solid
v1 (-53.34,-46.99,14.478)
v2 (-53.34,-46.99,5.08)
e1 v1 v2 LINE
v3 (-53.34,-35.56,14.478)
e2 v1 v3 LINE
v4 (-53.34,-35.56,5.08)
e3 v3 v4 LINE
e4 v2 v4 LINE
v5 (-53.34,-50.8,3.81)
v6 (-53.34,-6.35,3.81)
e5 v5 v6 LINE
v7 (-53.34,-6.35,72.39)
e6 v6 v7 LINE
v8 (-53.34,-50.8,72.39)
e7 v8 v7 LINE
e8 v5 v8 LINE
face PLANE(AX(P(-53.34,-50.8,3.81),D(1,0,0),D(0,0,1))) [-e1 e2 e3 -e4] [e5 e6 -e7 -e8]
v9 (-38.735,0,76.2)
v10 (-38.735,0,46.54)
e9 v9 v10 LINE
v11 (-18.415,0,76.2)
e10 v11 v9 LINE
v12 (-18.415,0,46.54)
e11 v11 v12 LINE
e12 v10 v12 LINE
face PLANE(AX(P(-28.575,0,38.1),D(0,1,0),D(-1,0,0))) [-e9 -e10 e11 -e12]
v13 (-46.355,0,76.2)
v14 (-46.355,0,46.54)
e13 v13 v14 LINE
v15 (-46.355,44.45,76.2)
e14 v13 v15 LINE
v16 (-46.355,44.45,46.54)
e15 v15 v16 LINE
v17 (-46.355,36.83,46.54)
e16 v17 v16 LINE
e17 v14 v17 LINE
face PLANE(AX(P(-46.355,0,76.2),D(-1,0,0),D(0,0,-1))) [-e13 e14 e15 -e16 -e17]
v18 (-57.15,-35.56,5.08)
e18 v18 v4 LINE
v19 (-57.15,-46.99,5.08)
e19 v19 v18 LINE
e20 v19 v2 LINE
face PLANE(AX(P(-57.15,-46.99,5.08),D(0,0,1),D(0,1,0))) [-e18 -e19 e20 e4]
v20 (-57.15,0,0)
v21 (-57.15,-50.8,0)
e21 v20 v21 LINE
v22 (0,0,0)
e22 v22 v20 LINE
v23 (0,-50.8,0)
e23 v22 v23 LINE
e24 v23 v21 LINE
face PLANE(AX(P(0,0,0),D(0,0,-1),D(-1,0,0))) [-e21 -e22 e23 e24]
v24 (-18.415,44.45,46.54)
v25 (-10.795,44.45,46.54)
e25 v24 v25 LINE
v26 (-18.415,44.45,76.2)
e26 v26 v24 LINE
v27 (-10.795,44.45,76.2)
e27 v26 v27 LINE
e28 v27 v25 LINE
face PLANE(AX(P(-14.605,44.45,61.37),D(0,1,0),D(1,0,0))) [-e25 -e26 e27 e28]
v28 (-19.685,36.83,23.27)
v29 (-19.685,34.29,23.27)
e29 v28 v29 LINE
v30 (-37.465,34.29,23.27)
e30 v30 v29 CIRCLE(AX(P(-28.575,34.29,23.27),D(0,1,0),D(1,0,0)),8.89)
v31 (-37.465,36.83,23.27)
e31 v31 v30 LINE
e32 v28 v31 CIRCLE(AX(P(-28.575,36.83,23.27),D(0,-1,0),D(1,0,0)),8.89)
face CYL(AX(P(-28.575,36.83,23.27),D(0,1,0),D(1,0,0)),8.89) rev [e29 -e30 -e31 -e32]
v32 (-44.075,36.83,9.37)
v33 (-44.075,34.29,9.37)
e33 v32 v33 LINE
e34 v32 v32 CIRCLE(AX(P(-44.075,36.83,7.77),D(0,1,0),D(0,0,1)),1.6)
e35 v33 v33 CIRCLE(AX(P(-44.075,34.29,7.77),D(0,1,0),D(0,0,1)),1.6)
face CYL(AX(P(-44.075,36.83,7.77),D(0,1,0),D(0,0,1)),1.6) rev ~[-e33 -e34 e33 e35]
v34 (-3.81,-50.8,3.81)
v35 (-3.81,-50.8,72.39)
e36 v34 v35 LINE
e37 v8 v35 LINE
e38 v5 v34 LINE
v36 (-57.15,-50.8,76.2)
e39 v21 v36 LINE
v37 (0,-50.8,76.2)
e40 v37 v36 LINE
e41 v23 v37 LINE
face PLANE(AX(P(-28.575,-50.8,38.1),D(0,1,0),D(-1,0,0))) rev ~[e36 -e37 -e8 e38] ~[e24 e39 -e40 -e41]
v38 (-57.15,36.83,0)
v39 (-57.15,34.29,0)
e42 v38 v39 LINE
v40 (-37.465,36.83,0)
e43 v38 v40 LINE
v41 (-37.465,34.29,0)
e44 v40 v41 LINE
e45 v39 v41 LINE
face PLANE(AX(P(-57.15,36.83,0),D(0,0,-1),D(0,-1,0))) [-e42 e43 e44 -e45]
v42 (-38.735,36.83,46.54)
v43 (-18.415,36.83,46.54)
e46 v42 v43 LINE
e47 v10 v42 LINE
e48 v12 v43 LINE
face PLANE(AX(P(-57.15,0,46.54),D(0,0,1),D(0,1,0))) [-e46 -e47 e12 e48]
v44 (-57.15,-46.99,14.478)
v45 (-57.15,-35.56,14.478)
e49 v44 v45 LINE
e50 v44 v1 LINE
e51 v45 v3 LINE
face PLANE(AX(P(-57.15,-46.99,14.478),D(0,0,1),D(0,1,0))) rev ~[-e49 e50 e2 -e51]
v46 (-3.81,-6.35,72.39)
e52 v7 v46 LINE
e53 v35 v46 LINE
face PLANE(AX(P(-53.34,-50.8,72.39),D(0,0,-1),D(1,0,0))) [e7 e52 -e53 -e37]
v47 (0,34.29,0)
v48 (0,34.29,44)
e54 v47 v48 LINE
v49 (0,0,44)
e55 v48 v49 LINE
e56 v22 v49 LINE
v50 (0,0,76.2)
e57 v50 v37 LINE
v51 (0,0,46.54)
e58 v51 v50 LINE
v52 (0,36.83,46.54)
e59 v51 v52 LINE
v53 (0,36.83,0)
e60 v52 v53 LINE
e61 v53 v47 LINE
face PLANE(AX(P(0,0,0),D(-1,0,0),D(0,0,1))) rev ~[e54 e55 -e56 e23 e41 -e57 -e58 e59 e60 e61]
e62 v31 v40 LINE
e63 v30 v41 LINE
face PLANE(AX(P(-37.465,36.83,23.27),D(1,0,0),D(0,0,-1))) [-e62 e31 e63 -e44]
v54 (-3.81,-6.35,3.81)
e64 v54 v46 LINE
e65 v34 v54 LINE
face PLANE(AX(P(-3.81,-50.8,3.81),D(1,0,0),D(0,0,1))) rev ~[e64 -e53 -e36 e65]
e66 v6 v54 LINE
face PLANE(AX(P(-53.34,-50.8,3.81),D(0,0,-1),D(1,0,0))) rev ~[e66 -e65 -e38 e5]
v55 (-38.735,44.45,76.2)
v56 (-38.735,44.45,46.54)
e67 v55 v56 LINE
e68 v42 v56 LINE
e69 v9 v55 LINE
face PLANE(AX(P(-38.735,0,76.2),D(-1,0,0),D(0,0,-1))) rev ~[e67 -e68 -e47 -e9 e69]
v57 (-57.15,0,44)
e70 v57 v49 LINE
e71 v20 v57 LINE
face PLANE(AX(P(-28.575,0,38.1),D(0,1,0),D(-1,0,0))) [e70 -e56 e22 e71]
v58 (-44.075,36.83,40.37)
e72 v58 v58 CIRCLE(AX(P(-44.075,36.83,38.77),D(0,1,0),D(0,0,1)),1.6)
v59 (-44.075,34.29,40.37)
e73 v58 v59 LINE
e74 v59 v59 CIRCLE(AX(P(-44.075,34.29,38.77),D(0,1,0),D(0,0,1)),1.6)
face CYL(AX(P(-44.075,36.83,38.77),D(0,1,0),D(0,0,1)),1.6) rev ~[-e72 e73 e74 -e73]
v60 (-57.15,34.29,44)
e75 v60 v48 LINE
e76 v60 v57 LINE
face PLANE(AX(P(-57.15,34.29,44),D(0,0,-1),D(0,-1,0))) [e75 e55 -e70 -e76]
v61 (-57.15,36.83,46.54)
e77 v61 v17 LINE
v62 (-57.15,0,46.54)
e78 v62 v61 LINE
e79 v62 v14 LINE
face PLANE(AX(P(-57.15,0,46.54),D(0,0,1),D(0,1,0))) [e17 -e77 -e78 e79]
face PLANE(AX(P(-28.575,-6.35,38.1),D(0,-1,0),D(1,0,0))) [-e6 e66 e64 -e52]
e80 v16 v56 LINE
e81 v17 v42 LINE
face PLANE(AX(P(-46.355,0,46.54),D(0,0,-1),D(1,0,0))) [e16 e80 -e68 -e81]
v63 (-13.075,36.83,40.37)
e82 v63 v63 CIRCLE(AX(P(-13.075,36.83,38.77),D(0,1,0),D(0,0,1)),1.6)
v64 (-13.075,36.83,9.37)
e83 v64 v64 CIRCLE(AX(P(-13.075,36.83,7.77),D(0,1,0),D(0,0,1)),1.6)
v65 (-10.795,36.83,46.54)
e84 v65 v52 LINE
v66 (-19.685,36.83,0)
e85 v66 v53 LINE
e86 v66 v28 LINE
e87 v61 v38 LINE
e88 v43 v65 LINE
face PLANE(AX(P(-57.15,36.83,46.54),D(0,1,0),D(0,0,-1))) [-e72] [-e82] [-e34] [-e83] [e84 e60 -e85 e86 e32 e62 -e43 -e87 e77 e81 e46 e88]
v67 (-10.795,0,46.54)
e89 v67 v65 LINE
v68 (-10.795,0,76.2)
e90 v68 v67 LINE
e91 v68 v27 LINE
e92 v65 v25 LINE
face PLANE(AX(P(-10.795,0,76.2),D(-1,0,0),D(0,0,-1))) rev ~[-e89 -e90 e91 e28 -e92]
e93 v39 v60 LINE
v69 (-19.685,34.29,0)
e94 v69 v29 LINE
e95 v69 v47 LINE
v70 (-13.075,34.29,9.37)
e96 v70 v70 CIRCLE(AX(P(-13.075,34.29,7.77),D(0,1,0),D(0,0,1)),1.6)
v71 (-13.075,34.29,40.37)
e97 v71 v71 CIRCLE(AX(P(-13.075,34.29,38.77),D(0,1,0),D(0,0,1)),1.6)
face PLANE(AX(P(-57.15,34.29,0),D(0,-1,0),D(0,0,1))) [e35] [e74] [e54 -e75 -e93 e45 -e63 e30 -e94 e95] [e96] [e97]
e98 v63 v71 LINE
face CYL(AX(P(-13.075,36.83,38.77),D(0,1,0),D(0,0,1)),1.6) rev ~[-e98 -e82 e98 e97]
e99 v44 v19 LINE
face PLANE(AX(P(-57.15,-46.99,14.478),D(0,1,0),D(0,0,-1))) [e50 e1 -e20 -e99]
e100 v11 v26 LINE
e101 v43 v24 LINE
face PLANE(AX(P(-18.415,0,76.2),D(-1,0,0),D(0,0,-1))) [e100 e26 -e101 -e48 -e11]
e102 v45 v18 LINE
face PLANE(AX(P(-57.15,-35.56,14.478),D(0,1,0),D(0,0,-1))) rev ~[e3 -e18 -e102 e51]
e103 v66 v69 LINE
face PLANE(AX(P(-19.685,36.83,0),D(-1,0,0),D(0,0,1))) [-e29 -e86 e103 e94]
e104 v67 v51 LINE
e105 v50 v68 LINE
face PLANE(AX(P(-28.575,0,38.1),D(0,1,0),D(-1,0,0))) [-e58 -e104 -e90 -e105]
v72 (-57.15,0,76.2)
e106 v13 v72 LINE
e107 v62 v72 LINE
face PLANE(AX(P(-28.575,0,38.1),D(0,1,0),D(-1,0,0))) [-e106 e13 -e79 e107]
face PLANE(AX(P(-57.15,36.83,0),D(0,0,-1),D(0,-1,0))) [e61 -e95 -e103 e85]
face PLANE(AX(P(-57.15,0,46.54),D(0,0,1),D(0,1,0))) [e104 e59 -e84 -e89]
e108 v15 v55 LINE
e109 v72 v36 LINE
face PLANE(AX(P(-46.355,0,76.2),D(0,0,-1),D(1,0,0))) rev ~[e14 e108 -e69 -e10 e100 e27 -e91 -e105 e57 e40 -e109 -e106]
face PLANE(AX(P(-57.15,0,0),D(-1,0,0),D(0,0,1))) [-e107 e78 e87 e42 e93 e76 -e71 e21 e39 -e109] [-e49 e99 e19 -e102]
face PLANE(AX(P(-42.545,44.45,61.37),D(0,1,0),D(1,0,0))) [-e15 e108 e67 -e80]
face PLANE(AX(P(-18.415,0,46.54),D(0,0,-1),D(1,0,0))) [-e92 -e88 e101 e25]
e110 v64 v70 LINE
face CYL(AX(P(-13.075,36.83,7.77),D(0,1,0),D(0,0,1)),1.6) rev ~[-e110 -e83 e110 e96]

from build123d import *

# Parameters (mm, degrees)
SKETCH3_W                         = 57.15
SKETCH3_H                         = 76.2
BOSS_EXTRUDE2_DEPTH               = 50.8
SKETCH4_W                         = 49.53
SKETCH4_H                         = 68.58
CUT_EXTRUDE2_DEPTH                = 44.45
CUT_EXTRUDE3_REACH                = 109.95
SKETCH5_W                         = 9.398
SKETCH5_H                         = 11.43
MOTOR_MOUNTING_SHAPE_DEPTH        = 57.15
MOTOR_MOUNTING_HOLES_REACH        = 131.428
SKETCH8_R                         = 1.6
SKETCH7_W                         = 7.62
SKETCH7_H                         = 29.66
TRAY_SUPPORT_MOUNTING_SHAPE_DEPTH = 44.45


with BuildPart() as part:
    # Sketch3 → Boss-Extrude2 (new body)
    with BuildSketch(Plane(origin=(0, 0, 0), x_dir=(-1, 0, 0), z_dir=(0, 1, 0))):
        with Locations((28.575, 38.1)):
            Rectangle(SKETCH3_W, SKETCH3_H)
    extrude(amount=-BOSS_EXTRUDE2_DEPTH)

    # Sketch4 → Cut-Extrude2 (cut)
    with BuildSketch(Plane.XZ.offset(50.8)):
        with Locations((-28.575, 38.1)):
            Rectangle(SKETCH4_W, SKETCH4_H)
    extrude(amount=-CUT_EXTRUDE2_DEPTH, mode=Mode.SUBTRACT)

    # Sketch5 → Cut-Extrude3 (cut, up to next)
    with BuildSketch(Plane(origin=(-57.15, 0, 0), x_dir=(0, 0, -1), z_dir=(1, 0, 0)), mode=Mode.PRIVATE) as cut_extrude3_sk1:
        with Locations((-9.779, -41.275)):
            Rectangle(SKETCH5_W, SKETCH5_H)
    cut_extrude3_tool1 = extrude(cut_extrude3_sk1.sketch, amount=CUT_EXTRUDE3_REACH, mode=Mode.PRIVATE) & part.part
    add(cut_extrude3_tool1.solids().sort_by_distance((-57.15, -41.275, 9.779))[0], mode=Mode.SUBTRACT)

    # Sketch6 → Motor Mounting Shape (add)
    with BuildSketch(Plane.ZY.offset(57.15)):
        Polygon((46.54, 0), (46.54, 36.83), (0, 36.83), (0, 34.29), (44, 34.29), (44, 0), align=None)
    extrude(amount=-MOTOR_MOUNTING_SHAPE_DEPTH)

    # Sketch8 → Motor-Mounting-Holes (cut, up to next)
    with BuildSketch(Plane(origin=(0, 36.83, 0), x_dir=(1, 0, 0), z_dir=(0, 1, 0)), mode=Mode.PRIVATE) as motor_mounting_holes_sk1:
        with Locations(Location((-44.075, -7.77, 0), (0, 0, 270))):
            Circle(SKETCH8_R)
    motor_mounting_holes_tool1 = extrude(motor_mounting_holes_sk1.sketch, amount=-MOTOR_MOUNTING_HOLES_REACH, mode=Mode.PRIVATE) & part.part
    # Sketch8 → Motor-Mounting-Holes (cut, up to next)
    with BuildSketch(Plane(origin=(0, 36.83, 0), x_dir=(1, 0, 0), z_dir=(0, 1, 0)), mode=Mode.PRIVATE) as motor_mounting_holes_sk2:
        with Locations(Location((-13.075, -7.77, 0), (0, 0, 270))):
            Circle(SKETCH8_R)
    motor_mounting_holes_tool2 = extrude(motor_mounting_holes_sk2.sketch, amount=-MOTOR_MOUNTING_HOLES_REACH, mode=Mode.PRIVATE) & part.part
    # Sketch8 → Motor-Mounting-Holes (cut, up to next)
    with BuildSketch(Plane(origin=(0, 36.83, 0), x_dir=(1, 0, 0), z_dir=(0, 1, 0)), mode=Mode.PRIVATE) as motor_mounting_holes_sk3:
        with Locations(Location((-13.075, -38.77, 0), (0, 0, 270))):
            Circle(SKETCH8_R)
    motor_mounting_holes_tool3 = extrude(motor_mounting_holes_sk3.sketch, amount=-MOTOR_MOUNTING_HOLES_REACH, mode=Mode.PRIVATE) & part.part
    # Sketch8 → Motor-Mounting-Holes (cut, up to next)
    with BuildSketch(Plane(origin=(0, 36.83, 0), x_dir=(1, 0, 0), z_dir=(0, 1, 0)), mode=Mode.PRIVATE) as motor_mounting_holes_sk4:
        with Locations(Location((-44.075, -38.77, 0), (0, 0, 270))):
            Circle(SKETCH8_R)
    motor_mounting_holes_tool4 = extrude(motor_mounting_holes_sk4.sketch, amount=-MOTOR_MOUNTING_HOLES_REACH, mode=Mode.PRIVATE) & part.part
    # Sketch8 → Motor-Mounting-Holes (cut, up to next)
    with BuildSketch(Plane(origin=(0, 36.83, 0), x_dir=(1, 0, 0), z_dir=(0, 1, 0)), mode=Mode.PRIVATE) as motor_mounting_holes_sk5:
        with BuildLine():
            Line((-37.465, 0), (-19.685, 0))
            Line((-19.685, 0), (-19.685, -23.27))
            ThreePointArc((-19.685, -23.27), (-28.575, -32.16), (-37.465, -23.27))
            Line((-37.465, -23.27), (-37.465, 0))
        make_face()
    motor_mounting_holes_tool5 = extrude(motor_mounting_holes_sk5.sketch, amount=-MOTOR_MOUNTING_HOLES_REACH, mode=Mode.PRIVATE) & part.part
    add(motor_mounting_holes_tool1.solids().sort_by_distance((-44.075, 36.83, 7.77))[0], mode=Mode.SUBTRACT)
    add(motor_mounting_holes_tool2.solids().sort_by_distance((-13.075, 36.83, 7.77))[0], mode=Mode.SUBTRACT)
    add(motor_mounting_holes_tool3.solids().sort_by_distance((-13.075, 36.83, 38.77))[0], mode=Mode.SUBTRACT)
    add(motor_mounting_holes_tool4.solids().sort_by_distance((-44.075, 36.83, 38.77))[0], mode=Mode.SUBTRACT)
    add(motor_mounting_holes_tool5.solids().sort_by_distance((-28.575, 36.83, 15.191166))[0], mode=Mode.SUBTRACT)

    # Sketch7 → Tray Support Mounting Shape (add)
    with BuildSketch(Plane(origin=(0, 0, 0), x_dir=(1, 0, 0), z_dir=(0, 1, 0))):
        with Locations((-42.545, -61.37)):
            Rectangle(SKETCH7_W, SKETCH7_H)
        with Locations((-14.605, -61.37)):
            Rectangle(SKETCH7_W, SKETCH7_H)
    extrude(amount=TRAY_SUPPORT_MOUNTING_SHAPE_DEPTH)


solid = part.part
